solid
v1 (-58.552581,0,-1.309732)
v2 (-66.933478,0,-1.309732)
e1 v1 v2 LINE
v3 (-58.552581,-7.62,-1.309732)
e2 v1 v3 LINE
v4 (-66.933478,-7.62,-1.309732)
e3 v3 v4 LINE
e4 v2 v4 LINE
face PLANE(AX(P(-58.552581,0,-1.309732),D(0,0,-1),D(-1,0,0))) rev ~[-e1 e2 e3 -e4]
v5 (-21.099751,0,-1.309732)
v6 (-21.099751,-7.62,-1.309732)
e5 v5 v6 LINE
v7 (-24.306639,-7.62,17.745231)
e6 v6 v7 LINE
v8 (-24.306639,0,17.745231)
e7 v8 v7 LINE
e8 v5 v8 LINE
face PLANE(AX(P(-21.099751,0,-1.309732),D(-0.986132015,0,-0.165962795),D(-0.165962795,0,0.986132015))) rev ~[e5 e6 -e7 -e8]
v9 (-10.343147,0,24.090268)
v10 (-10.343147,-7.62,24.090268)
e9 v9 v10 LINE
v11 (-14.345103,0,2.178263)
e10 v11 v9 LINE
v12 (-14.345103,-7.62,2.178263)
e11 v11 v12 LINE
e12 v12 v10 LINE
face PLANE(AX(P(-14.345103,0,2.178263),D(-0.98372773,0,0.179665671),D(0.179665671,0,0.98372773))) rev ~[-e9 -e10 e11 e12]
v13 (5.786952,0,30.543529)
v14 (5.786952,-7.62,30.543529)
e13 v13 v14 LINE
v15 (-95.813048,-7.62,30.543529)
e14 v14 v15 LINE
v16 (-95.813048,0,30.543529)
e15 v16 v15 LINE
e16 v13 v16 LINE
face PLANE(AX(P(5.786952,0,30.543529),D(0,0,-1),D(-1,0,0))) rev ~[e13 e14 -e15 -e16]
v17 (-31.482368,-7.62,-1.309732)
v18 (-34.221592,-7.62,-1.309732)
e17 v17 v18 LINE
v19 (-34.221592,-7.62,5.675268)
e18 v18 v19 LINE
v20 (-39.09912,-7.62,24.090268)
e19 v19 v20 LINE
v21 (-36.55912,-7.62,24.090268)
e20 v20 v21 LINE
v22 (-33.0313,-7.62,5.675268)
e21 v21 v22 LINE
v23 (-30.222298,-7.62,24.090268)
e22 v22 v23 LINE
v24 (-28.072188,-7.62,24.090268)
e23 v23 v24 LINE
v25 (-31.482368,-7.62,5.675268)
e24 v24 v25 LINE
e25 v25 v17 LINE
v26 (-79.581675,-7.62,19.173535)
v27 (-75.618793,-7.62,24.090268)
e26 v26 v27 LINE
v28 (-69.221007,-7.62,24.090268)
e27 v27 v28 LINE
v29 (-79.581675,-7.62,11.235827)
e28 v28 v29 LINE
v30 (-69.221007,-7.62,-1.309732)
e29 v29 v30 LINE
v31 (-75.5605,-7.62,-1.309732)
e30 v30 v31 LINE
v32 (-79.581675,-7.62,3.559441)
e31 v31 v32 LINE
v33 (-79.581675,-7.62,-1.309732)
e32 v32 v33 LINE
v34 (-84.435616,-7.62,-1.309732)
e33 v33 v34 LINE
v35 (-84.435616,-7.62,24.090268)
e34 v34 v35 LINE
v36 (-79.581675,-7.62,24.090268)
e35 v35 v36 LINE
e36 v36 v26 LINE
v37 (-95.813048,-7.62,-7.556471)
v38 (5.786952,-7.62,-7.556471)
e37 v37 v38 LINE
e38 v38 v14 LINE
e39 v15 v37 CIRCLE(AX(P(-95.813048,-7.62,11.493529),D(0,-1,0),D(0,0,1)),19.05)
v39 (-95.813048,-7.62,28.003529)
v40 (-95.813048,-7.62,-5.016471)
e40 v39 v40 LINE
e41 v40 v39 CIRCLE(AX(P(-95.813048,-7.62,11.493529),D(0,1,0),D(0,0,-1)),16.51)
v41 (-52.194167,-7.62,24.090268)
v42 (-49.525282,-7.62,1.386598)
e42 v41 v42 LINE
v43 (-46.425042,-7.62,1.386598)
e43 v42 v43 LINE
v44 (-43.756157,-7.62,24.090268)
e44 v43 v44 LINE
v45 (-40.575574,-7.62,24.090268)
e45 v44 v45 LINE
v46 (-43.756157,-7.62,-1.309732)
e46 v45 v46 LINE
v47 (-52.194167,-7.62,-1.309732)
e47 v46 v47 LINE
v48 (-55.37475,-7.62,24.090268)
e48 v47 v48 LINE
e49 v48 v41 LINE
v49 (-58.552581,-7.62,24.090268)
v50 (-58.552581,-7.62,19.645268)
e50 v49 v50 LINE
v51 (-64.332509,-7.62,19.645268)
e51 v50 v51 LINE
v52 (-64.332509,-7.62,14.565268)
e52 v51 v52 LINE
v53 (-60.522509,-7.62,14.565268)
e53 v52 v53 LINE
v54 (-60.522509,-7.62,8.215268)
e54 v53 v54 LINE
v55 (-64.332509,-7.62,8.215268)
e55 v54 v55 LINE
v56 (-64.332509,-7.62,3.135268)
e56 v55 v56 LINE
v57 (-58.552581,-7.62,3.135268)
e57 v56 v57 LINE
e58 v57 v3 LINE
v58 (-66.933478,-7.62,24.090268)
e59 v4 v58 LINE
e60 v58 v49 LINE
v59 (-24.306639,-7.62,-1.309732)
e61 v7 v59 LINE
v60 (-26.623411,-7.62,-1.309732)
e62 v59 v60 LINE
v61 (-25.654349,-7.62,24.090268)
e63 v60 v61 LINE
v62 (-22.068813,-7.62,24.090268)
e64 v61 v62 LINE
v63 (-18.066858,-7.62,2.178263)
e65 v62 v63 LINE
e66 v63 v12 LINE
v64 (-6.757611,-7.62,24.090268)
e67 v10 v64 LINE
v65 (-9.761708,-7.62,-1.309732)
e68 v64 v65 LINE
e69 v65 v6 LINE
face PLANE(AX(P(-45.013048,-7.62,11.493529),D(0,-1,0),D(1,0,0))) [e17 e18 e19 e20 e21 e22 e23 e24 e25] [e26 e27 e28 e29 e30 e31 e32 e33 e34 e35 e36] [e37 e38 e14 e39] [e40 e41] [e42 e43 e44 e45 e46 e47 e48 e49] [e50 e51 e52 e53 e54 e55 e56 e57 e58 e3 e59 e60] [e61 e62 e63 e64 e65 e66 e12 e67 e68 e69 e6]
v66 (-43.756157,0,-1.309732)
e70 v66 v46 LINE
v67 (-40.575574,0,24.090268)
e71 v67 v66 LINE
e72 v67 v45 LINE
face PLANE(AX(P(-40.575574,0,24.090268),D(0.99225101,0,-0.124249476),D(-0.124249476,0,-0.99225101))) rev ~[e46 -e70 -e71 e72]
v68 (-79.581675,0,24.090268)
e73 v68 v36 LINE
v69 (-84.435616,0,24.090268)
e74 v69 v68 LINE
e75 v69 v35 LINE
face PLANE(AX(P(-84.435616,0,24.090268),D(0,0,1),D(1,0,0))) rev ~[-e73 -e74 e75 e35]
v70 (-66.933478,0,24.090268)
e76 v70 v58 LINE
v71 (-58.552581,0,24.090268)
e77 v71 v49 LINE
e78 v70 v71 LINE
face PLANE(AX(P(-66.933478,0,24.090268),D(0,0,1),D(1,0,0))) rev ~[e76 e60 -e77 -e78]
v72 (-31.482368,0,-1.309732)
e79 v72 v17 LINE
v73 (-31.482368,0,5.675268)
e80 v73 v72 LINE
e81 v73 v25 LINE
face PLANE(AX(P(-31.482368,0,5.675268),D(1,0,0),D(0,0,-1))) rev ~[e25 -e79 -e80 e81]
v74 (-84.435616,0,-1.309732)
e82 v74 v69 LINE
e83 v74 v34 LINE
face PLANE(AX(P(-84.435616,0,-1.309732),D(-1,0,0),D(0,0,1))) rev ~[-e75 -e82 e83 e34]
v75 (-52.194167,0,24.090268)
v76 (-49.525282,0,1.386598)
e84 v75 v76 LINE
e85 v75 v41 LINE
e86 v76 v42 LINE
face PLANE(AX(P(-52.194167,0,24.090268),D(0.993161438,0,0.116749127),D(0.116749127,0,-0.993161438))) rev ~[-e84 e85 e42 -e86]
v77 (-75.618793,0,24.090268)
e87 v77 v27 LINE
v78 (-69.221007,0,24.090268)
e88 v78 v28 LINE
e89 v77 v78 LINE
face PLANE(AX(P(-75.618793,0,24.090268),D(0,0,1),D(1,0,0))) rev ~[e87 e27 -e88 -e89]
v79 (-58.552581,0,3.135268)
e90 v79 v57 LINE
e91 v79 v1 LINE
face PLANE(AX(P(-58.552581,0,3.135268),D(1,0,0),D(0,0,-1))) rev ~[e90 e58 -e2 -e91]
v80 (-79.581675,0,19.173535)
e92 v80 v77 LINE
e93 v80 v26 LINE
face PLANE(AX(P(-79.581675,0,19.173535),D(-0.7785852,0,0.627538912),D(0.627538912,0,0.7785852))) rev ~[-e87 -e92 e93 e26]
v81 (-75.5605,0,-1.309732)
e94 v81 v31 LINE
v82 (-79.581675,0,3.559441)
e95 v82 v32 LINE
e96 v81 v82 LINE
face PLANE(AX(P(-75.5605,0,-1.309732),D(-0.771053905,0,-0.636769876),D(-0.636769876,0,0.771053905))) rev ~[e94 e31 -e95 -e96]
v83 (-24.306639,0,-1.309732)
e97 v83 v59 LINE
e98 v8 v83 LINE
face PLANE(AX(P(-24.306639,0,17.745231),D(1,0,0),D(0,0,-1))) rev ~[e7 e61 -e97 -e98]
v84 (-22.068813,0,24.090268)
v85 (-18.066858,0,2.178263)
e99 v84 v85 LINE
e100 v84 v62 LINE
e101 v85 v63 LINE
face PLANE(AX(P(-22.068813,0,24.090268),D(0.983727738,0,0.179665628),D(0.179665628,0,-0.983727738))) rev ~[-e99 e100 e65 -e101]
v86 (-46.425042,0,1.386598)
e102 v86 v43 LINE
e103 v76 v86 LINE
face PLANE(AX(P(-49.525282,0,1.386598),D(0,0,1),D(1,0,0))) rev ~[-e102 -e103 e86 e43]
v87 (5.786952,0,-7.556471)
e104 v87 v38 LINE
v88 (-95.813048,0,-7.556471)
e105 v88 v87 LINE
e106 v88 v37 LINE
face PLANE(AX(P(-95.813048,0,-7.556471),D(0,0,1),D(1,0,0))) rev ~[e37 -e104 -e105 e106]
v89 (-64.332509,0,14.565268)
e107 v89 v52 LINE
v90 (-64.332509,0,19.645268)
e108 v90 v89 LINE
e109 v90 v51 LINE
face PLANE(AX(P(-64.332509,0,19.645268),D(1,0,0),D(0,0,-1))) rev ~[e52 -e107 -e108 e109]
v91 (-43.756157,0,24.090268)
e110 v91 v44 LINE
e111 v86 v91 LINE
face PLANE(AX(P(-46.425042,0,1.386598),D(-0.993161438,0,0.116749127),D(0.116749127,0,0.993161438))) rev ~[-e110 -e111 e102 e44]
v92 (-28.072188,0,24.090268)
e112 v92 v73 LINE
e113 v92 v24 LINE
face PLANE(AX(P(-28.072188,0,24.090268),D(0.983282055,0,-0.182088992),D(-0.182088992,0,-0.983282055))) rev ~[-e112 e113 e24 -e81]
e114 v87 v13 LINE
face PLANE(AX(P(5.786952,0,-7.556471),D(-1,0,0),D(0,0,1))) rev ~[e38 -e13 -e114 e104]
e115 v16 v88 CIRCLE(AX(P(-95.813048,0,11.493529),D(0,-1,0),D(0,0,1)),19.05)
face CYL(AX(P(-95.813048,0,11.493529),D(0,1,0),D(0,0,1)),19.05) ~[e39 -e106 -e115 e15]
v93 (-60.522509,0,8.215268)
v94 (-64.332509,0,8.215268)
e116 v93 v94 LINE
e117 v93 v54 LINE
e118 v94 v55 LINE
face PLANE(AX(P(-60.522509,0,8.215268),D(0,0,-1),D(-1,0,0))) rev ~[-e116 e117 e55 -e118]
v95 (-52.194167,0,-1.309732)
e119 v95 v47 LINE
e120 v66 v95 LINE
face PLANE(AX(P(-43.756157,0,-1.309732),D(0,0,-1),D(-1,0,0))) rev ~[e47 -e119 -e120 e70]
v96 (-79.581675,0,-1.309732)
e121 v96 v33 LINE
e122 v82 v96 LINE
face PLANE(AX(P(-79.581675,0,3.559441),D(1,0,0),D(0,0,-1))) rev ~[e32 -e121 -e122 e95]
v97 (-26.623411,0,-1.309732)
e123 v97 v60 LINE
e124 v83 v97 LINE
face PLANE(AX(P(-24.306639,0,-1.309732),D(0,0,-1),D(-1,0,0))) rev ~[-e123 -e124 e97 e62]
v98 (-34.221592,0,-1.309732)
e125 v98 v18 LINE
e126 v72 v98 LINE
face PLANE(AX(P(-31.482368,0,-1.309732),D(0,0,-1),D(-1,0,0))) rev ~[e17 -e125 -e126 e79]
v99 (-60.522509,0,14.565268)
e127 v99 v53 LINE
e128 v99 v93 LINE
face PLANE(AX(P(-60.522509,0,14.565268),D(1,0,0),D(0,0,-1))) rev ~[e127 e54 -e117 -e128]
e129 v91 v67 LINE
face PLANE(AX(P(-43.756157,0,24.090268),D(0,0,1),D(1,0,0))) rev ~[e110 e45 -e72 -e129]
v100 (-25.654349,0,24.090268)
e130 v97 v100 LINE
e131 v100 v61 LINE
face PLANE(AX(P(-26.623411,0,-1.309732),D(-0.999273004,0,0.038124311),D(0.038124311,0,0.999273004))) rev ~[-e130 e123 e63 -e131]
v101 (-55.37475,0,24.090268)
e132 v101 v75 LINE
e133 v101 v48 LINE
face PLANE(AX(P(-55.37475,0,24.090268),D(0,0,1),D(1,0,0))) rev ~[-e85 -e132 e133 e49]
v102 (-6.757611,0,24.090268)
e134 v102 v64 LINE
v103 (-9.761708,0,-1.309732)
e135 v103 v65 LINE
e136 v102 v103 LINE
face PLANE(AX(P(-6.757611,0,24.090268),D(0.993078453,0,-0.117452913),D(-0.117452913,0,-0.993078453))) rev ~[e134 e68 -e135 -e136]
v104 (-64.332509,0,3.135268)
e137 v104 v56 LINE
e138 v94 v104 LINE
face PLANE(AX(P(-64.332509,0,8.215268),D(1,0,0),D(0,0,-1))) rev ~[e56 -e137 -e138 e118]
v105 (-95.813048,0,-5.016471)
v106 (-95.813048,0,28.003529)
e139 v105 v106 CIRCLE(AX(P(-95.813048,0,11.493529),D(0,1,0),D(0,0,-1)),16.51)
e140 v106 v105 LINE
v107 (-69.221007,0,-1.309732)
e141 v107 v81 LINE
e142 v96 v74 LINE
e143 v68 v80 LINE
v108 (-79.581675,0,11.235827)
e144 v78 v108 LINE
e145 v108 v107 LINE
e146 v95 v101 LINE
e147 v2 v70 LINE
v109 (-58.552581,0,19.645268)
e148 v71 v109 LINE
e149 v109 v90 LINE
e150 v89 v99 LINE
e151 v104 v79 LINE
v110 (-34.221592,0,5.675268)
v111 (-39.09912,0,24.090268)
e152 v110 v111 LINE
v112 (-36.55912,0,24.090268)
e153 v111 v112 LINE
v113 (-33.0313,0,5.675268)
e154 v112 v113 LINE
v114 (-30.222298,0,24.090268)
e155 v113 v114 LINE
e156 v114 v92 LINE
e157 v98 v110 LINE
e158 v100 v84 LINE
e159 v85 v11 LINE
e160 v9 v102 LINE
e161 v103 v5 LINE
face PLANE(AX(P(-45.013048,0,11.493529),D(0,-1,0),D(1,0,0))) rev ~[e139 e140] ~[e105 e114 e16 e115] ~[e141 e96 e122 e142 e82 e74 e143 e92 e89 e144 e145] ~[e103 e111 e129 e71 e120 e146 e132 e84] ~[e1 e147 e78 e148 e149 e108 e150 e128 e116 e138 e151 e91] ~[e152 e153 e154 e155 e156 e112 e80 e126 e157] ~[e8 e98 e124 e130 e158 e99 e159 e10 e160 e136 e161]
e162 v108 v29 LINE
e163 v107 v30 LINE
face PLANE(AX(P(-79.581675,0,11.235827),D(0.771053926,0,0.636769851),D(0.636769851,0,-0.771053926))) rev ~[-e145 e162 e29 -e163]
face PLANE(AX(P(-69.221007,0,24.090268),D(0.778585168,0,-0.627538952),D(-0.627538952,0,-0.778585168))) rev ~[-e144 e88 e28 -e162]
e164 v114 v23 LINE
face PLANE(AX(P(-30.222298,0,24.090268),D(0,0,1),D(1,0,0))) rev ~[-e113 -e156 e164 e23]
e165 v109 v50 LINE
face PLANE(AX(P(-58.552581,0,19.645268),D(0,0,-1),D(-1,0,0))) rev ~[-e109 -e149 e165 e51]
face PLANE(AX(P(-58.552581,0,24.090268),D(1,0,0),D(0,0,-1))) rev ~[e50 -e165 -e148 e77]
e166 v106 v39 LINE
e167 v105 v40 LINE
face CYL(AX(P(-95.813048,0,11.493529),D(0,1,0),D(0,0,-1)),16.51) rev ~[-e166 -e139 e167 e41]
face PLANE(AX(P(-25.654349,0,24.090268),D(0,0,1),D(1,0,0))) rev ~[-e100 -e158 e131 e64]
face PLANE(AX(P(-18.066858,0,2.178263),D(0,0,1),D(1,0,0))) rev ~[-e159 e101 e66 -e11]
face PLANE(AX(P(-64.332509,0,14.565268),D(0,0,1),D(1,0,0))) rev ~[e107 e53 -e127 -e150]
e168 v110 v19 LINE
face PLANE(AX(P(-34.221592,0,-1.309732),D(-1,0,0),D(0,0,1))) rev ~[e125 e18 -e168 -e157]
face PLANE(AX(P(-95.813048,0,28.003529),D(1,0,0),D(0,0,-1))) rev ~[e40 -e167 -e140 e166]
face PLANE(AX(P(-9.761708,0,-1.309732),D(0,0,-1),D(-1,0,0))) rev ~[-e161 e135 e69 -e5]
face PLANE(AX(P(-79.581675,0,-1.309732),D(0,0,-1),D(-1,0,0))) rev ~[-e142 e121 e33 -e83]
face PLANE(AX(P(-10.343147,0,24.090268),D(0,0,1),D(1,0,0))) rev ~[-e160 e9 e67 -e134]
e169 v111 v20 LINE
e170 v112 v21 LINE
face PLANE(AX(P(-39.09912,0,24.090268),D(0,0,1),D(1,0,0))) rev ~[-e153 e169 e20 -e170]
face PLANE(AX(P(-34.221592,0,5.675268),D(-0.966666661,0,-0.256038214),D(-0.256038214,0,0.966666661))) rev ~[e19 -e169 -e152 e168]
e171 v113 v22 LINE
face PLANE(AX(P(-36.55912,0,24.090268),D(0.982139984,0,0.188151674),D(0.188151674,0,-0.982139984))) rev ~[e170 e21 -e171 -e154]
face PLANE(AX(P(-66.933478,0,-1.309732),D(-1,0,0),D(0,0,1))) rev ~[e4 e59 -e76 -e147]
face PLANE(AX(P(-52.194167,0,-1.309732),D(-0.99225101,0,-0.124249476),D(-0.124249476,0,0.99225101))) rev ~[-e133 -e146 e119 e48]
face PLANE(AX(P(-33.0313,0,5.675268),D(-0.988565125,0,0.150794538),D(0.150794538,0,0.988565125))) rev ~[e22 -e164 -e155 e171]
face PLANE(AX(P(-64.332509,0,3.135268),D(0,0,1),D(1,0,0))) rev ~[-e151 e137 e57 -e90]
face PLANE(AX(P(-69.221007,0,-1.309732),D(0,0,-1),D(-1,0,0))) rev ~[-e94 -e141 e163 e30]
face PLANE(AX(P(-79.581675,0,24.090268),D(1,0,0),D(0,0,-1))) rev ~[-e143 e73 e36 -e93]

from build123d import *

# Parameters (mm, degrees)
F0_W     = 3.076698
F0_H     = 25.4
F1_DEPTH = 7.62


with BuildPart() as f1:
    # F0 (on Front) → F1 (new body)
    with BuildSketch(Plane.XZ):
        Polygon((-95.813048, -7.556471), (5.786952, -7.556471), (5.786952, 30.543529), (-95.813048, 30.543529), (-95.813048, 28.003529), (-95.813048, -5.016471), align=None)
        Polygon((0, 24.090268), (0, -1.309732), (-9.761708, -1.309732), (-21.099751, -1.309732), (-24.306639, -1.309732), (-26.623411, -1.309732), (-31.482368, -1.309732), (-34.221592, -1.309732), (-43.756157, -1.309732), (-52.194167, -1.309732), (-58.552581, -1.309732), (-66.933478, -1.309732), (-69.221007, -1.309732), (-75.5605, -1.309732), (-79.581675, -1.309732), (-84.435616, -1.309732), (-87.512314, -1.309732), (-87.512314, 24.090268), (-84.435616, 24.090268), (-79.581675, 24.090268), (-75.618793, 24.090268), (-69.221007, 24.090268), (-66.933478, 24.090268), (-58.552581, 24.090268), (-55.37475, 24.090268), (-52.194167, 24.090268), (-43.756157, 24.090268), (-40.575574, 24.090268), (-39.09912, 24.090268), (-36.55912, 24.090268), (-30.222298, 24.090268), (-28.072188, 24.090268), (-25.654349, 24.090268), (-22.068813, 24.090268), (-10.343147, 24.090268), (-6.757611, 24.090268), align=None, mode=Mode.SUBTRACT)
        Polygon((-9.761708, -1.309732), (0, -1.309732), (0, 24.090268), (-6.757611, 24.090268), align=None)
        Polygon((-14.345103, 2.178263), (-10.343147, 24.090268), (-22.068813, 24.090268), (-18.066858, 2.178263), align=None)
        Polygon((-24.306639, -1.309732), (-21.099751, -1.309732), (-24.306639, 17.745231), align=None)
        Polygon((-31.482368, -1.309732), (-26.623411, -1.309732), (-25.654349, 24.090268), (-28.072188, 24.090268), (-31.482368, 5.675268), align=None)
        Polygon((-43.756157, -1.309732), (-34.221592, -1.309732), (-34.221592, 5.675268), (-39.09912, 24.090268), (-40.575574, 24.090268), align=None)
        Polygon((-33.0313, 5.675268), (-30.222298, 24.090268), (-36.55912, 24.090268), align=None)
        Polygon((-46.425042, 1.386598), (-43.756157, 24.090268), (-52.194167, 24.090268), (-49.525282, 1.386598), align=None)
        Polygon((-58.552581, -1.309732), (-52.194167, -1.309732), (-55.37475, 24.090268), (-58.552581, 24.090268), (-58.552581, 19.645268), (-64.332509, 19.645268), (-64.332509, 14.565268), (-60.522509, 14.565268), (-60.522509, 8.215268), (-64.332509, 8.215268), (-64.332509, 3.135268), (-58.552581, 3.135268), align=None)
        Polygon((-69.221007, -1.309732), (-66.933478, -1.309732), (-66.933478, 24.090268), (-69.221007, 24.090268), (-79.581675, 11.235827), align=None)
        with Locations((-85.973965, 11.390268)):
            Rectangle(F0_W, F0_H)
        Polygon((-79.581675, 19.173535), (-75.618793, 24.090268), (-79.581675, 24.090268), align=None)
        Polygon((-79.581675, -1.309732), (-75.5605, -1.309732), (-79.581675, 3.559441), align=None)
        with BuildLine():
            ThreePointArc((-95.813048, 30.543529), (-114.863048, 11.493529), (-95.813048, -7.556471))
            Line((-95.813048, -7.556471), (-95.813048, -5.016471))
            ThreePointArc((-95.813048, -5.016471), (-112.323048, 11.493529), (-95.813048, 28.003529))
            Line((-95.813048, 28.003529), (-95.813048, 30.543529))
        make_face()
    extrude(amount=F1_DEPTH)


solid = f1.part
